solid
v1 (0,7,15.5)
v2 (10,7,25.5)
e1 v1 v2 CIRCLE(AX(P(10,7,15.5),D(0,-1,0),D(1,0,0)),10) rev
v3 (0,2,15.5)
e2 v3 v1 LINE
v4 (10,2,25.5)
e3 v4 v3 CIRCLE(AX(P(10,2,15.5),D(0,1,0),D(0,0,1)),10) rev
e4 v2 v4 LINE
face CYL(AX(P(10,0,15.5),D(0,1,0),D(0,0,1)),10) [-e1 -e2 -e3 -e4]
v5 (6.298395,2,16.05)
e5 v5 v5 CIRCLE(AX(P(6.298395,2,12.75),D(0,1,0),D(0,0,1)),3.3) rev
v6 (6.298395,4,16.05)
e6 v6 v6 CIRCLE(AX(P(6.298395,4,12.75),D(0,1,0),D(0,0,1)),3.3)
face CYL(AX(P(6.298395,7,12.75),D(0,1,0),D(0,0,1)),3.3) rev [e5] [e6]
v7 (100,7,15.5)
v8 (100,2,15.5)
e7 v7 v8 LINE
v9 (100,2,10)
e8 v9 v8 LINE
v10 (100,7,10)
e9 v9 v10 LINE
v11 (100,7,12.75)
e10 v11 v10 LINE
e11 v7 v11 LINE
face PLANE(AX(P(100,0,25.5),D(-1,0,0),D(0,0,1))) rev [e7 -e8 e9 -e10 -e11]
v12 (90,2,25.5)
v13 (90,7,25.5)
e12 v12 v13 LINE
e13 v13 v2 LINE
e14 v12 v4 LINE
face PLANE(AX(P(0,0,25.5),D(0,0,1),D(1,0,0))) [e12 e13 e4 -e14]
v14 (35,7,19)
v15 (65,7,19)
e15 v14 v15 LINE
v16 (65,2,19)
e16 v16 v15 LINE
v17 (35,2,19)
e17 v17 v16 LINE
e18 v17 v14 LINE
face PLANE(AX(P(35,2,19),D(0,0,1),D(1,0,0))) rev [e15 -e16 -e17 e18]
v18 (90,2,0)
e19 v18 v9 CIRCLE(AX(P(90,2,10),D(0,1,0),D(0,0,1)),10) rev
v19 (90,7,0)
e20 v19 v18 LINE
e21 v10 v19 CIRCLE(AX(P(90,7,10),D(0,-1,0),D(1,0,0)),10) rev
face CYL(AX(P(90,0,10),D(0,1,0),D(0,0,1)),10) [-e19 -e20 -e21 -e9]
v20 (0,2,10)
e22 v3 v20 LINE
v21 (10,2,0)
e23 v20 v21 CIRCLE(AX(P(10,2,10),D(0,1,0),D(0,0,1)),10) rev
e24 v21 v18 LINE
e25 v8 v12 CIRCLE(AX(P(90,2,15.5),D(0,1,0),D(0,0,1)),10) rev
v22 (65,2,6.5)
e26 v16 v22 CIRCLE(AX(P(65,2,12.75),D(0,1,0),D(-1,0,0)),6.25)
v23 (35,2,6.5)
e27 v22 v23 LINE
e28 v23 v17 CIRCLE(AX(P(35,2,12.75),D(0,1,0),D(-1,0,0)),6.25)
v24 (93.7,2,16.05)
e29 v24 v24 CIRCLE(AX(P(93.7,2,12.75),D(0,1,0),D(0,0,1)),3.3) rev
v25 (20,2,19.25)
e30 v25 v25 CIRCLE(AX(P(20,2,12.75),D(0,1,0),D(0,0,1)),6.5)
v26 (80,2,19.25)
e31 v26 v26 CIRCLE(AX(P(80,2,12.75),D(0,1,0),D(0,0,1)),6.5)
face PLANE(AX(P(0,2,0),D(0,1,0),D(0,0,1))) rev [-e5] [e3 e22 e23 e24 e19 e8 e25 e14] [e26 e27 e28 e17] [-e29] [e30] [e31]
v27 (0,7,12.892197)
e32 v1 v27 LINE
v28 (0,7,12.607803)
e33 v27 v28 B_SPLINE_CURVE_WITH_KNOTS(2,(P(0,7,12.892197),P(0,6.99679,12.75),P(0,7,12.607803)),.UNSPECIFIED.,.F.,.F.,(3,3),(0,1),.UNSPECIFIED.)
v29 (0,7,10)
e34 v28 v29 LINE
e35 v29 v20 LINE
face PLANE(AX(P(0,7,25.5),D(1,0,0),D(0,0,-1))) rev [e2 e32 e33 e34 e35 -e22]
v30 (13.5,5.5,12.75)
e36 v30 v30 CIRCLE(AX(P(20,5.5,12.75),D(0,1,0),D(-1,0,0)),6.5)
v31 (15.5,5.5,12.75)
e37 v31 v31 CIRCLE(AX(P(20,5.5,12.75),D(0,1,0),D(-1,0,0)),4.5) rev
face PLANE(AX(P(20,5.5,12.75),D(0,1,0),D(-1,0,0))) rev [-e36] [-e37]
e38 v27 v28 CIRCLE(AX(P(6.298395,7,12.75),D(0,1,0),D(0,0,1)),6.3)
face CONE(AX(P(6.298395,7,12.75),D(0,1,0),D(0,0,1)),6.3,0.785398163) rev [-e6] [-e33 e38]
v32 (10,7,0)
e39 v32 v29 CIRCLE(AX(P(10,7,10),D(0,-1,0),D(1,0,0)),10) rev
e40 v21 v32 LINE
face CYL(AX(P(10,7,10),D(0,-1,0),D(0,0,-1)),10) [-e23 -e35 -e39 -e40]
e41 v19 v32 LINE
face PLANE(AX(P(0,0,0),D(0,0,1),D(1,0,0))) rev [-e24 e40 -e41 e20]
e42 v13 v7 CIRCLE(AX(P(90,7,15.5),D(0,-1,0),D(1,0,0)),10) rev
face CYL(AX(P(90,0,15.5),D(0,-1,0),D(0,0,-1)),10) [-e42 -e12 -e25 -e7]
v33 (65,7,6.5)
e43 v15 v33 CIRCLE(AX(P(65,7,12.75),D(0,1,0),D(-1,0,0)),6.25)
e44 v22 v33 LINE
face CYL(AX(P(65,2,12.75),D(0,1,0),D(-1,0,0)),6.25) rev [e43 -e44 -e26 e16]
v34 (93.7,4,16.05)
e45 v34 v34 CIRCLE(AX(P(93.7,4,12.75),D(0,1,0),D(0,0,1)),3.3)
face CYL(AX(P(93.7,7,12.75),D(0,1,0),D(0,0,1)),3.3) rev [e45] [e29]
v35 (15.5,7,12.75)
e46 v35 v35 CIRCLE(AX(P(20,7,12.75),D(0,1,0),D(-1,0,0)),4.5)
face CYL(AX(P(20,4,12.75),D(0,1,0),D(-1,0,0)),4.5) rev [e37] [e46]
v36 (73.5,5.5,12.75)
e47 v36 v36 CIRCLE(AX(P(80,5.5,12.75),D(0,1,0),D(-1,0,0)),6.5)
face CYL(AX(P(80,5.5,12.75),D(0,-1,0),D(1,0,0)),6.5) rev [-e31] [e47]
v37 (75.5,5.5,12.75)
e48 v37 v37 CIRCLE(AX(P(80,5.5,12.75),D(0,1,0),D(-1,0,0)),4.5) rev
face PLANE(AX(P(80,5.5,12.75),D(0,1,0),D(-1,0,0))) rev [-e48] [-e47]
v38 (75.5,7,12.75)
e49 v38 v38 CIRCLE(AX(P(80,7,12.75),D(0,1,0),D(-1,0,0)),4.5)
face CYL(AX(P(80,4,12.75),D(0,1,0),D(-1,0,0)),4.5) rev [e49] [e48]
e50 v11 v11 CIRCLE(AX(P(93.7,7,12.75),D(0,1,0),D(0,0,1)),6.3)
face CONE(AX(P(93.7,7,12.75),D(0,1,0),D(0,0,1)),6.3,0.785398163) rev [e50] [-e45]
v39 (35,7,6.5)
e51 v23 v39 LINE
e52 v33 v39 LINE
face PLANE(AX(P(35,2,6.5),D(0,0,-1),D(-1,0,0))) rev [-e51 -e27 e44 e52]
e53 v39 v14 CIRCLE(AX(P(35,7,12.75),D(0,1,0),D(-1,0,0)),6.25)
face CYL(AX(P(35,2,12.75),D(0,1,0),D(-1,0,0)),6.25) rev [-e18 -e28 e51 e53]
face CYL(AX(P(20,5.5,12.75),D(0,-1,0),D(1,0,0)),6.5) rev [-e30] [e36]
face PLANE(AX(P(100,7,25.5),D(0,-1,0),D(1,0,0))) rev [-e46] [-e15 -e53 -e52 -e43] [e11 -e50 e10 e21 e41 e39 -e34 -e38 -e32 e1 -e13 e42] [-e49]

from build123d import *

# Parameters (mm, degrees)
SKETCH1_W                                           = 100
SKETCH1_H                                           = 7
BOSS_EXTRUDE1_DEPTH                                 = 25.5
CSK_FOR_M6_COUNTERSUNK_FLAT_HEAD_SCREW1_D           = 6.6
CSK_FOR_M6_COUNTERSUNK_FLAT_HEAD_SCREW1_CSINK_D     = 12.6
CSK_FOR_M6_COUNTERSUNK_FLAT_HEAD_SCREW1_CSINK_ANGLE = 90
SKETCH2_R                                           = 4.5
CUT_EXTRUDE2_DEPTH                                  = 3
SKETCH2_4_R                                         = 4.5
CUT_EXTRUDE3_DEPTH                                  = 3
SKETCH6_R                                           = 6.5
CUT_EXTRUDE4_DEPTH                                  = 1.5
SKETCH9_R                                           = 6.5
CUT_EXTRUDE5_DEPTH                                  = 5
SKETCH10_W                                          = 100
SKETCH10_H                                          = 25.5
CUT_EXTRUDE6_DEPTH                                  = 2
CUT_EXTRUDE7_DEPTH                                  = 6
FILLET4_R                                           = 10


with BuildPart() as part:
    # Sketch1 → Boss-Extrude1 (new body)
    with BuildSketch(Plane.XY):
        with Locations((50, 3.5)):
            Rectangle(SKETCH1_W, SKETCH1_H)
    extrude(amount=BOSS_EXTRUDE1_DEPTH)

    # CSK for M6 Countersunk Flat Head Screw1 (through all)
    with Locations(Plane(origin=(0, 7, 0), x_dir=(1, 0, 0), z_dir=(0, 1, 0))):
        with Locations((93.7, -12.75), (6.298395044, -12.75)):
            CounterSinkHole(CSK_FOR_M6_COUNTERSUNK_FLAT_HEAD_SCREW1_D / 2, CSK_FOR_M6_COUNTERSUNK_FLAT_HEAD_SCREW1_CSINK_D / 2, counter_sink_angle=CSK_FOR_M6_COUNTERSUNK_FLAT_HEAD_SCREW1_CSINK_ANGLE)

    # Sketch2 → Cut-Extrude2 (cut)
    with BuildSketch(Plane(origin=(0, 7, 0), x_dir=(1, 0, 0), z_dir=(0, 1, 0))):
        with Locations((20, -12.75)):
            Circle(SKETCH2_R)
    extrude(amount=-CUT_EXTRUDE2_DEPTH, mode=Mode.SUBTRACT)

    # Sketch2<4> → Cut-Extrude3 (cut)
    with BuildSketch(Plane(origin=(0, 7, 0), x_dir=(1, 0, 0), z_dir=(0, 1, 0))):
        with Locations((80, -12.75)):
            Circle(SKETCH2_4_R)
        with Locations((20, -12.75)):
            Circle(SKETCH2_4_R)
    extrude(amount=-CUT_EXTRUDE3_DEPTH, mode=Mode.SUBTRACT)

    # Sketch6 → Cut-Extrude4 (cut)
    with BuildSketch(Plane(origin=(0, 4, 0), x_dir=(1, 0, 0), z_dir=(0, 1, 0))):
        with Locations((20, -12.75)):
            Circle(SKETCH6_R)
        with Locations((80, -12.75)):
            Circle(SKETCH6_R)
    extrude(amount=CUT_EXTRUDE4_DEPTH, mode=Mode.SUBTRACT)

    # Sketch9 → Cut-Extrude5 (cut, through all)
    with BuildSketch(Plane(origin=(0, 4, 0), x_dir=(1, 0, 0), z_dir=(0, 1, 0))):
        with Locations((20, -12.75)):
            Circle(SKETCH9_R)
        with Locations((80, -12.75)):
            Circle(SKETCH9_R)
    extrude(amount=-CUT_EXTRUDE5_DEPTH, mode=Mode.SUBTRACT)

    # Sketch10 → Cut-Extrude6 (cut)
    with BuildSketch(Plane.XZ):
        with Locations((50, 12.75)):
            Rectangle(SKETCH10_W, SKETCH10_H)
    extrude(amount=-CUT_EXTRUDE6_DEPTH, mode=Mode.SUBTRACT)

    # Sketch11 → Cut-Extrude7 (cut, through all)
    with BuildSketch(Plane(origin=(0, 7, 0), x_dir=(1, 0, 0), z_dir=(0, 1, 0))):
        with BuildLine():
            Line((35, -19), (65, -19))
            ThreePointArc((65, -19), (71.25, -12.75), (65, -6.5))
            Line((65, -6.5), (35, -6.5))
            ThreePointArc((35, -6.5), (28.75, -12.75), (35, -19))
        make_face()
    extrude(amount=-CUT_EXTRUDE7_DEPTH, mode=Mode.SUBTRACT)

    # Fillet4
    fillet4_edges = [part.edges().sort_by_distance(p)[0] for p in [
        (100, 4.5, 25.5),
        (100, 4.5, 0),
        (0, 4.5, 0),
        (0, 4.5, 25.5),
    ]]
    fillet(fillet4_edges, radius=FILLET4_R)


solid = part.part
